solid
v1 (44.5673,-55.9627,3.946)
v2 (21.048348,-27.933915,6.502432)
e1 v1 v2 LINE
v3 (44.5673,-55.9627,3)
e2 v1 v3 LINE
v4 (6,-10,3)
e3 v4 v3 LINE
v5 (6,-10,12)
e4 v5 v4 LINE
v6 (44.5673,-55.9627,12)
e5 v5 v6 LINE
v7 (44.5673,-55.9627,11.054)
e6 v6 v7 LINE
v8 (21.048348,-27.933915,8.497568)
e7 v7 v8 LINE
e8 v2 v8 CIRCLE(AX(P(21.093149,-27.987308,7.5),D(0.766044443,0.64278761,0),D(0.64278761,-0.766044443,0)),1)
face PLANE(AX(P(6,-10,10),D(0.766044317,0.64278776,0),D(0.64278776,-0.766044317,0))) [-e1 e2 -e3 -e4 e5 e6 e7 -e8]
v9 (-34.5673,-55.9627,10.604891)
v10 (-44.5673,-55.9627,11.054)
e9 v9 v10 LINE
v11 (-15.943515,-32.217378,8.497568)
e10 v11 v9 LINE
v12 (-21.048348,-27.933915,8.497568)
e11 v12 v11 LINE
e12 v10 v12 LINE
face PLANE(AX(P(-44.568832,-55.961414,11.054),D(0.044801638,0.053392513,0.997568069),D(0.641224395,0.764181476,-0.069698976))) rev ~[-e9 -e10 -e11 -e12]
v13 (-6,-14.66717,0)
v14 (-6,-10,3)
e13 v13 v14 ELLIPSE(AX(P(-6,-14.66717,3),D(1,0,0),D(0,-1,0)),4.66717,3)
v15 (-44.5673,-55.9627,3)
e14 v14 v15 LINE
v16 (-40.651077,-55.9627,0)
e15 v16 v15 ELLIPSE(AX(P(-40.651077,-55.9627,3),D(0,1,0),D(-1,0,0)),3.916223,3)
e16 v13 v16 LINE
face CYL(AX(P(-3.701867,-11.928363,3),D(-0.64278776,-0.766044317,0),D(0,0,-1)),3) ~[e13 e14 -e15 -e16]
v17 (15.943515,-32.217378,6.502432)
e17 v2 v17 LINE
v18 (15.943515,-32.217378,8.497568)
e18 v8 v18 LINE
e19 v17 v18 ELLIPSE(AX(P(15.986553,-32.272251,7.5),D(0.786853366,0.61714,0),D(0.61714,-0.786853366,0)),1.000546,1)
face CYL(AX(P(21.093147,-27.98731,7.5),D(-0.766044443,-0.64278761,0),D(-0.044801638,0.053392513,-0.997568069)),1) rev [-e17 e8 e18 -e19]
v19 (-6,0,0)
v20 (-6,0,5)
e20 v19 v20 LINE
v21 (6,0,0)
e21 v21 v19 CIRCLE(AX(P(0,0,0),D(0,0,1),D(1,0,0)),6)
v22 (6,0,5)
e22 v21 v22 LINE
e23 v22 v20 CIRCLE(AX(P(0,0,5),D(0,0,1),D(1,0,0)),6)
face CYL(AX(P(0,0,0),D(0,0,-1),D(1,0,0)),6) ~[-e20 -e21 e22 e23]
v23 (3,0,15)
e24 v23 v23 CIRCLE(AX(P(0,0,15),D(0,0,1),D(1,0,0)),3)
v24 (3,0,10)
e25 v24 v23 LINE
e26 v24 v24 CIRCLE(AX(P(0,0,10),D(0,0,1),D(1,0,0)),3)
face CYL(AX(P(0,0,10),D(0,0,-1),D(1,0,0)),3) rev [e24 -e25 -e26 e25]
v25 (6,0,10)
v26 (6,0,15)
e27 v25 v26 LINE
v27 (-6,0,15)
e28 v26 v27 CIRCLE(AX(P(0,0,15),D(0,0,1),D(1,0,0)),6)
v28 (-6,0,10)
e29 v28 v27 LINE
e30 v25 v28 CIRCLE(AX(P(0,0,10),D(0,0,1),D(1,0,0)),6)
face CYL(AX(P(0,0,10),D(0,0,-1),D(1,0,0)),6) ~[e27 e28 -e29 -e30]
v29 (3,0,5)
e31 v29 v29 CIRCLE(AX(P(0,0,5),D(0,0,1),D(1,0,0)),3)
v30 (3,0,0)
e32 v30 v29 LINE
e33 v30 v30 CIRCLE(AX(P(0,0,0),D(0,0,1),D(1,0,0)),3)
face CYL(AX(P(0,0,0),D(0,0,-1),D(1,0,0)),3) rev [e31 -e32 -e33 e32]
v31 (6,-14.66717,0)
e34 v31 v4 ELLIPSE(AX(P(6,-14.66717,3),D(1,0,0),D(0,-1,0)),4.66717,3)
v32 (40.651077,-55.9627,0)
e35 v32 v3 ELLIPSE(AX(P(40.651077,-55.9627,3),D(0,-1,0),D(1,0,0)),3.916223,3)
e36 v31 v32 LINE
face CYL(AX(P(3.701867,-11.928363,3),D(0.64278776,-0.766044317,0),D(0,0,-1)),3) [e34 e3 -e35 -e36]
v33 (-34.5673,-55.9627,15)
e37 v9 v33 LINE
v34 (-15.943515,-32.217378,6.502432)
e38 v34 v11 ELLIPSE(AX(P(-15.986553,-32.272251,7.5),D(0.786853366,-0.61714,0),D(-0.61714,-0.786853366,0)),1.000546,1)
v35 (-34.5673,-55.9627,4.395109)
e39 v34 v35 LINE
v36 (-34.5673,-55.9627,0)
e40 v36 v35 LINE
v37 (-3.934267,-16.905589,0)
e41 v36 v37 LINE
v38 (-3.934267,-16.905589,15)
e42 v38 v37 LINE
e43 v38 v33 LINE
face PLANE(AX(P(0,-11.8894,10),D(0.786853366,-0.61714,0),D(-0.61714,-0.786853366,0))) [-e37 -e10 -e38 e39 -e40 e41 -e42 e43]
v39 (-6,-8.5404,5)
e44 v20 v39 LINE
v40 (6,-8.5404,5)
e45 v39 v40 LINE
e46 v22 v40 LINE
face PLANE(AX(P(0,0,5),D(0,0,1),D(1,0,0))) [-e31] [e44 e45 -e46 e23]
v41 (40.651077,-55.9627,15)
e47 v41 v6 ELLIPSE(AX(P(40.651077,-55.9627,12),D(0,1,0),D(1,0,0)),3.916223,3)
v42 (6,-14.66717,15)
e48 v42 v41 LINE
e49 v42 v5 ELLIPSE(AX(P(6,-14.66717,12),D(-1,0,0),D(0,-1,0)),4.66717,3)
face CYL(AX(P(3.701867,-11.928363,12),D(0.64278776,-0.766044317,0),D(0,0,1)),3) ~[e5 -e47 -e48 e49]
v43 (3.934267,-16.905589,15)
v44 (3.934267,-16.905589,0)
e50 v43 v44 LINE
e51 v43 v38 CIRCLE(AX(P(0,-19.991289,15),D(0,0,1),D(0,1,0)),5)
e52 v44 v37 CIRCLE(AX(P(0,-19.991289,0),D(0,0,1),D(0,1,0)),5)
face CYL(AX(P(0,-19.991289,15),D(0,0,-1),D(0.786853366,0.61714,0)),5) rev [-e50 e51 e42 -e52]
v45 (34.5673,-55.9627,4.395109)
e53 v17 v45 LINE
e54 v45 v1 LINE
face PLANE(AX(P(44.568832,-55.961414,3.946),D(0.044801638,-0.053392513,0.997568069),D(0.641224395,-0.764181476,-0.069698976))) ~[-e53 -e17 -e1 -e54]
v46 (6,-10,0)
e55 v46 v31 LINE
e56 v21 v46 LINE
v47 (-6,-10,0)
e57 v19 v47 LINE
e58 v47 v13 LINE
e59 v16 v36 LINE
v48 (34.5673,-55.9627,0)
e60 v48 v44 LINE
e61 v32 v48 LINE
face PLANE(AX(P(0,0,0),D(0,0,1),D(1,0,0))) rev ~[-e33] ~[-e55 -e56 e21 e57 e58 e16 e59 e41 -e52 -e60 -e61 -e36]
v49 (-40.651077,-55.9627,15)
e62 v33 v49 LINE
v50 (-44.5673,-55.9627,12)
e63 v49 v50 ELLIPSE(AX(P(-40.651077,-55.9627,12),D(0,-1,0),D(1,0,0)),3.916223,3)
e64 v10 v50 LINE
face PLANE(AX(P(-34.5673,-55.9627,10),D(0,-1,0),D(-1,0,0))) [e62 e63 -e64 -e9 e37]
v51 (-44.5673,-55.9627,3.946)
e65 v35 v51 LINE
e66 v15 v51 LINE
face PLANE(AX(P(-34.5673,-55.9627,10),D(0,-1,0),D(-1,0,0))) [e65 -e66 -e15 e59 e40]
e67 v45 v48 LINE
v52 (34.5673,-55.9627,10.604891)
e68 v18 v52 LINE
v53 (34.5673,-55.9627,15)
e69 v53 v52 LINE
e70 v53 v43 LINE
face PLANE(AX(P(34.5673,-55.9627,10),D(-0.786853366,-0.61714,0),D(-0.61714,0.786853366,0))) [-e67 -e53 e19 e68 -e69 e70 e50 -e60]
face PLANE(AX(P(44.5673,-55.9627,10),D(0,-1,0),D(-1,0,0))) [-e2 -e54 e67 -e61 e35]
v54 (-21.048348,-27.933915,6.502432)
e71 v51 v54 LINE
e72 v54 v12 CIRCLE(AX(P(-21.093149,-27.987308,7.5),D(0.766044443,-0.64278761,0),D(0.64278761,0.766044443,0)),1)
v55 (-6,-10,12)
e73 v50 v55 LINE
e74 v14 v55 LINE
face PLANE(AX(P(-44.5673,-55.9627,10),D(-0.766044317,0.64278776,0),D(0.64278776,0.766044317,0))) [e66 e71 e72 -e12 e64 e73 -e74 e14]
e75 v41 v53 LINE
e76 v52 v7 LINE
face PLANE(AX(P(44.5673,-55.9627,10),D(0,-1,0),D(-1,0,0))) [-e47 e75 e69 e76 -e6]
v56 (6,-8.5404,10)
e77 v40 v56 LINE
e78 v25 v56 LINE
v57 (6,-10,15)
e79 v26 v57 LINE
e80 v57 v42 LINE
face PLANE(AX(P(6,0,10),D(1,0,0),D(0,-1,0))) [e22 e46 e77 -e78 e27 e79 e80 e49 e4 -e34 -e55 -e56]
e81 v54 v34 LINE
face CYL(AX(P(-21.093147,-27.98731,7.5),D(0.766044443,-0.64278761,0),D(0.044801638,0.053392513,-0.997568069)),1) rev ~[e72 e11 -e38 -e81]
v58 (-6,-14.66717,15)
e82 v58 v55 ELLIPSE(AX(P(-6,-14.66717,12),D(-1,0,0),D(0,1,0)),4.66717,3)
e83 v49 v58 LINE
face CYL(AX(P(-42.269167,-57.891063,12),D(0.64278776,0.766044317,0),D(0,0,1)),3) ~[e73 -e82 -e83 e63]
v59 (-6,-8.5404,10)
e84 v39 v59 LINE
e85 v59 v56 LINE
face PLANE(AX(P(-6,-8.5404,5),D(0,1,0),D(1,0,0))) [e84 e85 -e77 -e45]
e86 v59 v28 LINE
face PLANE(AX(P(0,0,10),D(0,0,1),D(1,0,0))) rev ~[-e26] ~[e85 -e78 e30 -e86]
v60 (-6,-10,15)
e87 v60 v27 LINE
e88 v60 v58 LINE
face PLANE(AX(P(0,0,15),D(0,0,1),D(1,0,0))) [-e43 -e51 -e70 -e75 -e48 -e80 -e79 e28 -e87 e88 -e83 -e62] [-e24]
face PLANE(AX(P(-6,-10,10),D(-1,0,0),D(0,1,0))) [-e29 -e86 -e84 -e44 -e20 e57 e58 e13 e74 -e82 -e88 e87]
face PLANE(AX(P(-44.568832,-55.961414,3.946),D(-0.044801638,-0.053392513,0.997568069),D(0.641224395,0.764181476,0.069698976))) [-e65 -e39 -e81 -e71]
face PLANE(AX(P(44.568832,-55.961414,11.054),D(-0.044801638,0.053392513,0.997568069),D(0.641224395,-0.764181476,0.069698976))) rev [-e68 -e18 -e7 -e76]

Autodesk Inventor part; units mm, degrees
ref_plane "YZ Plane" through (0, 0, 0) normal (1, 0, 0) x (0, 1, 0)
ref_plane "XZ Plane" through (0, 0, 0) normal (0, 1, 0) x (-1, 0, 0)
ref_plane "XY Plane" through (0, 0, 0) normal (0, 0, 1) x (1, 0, 0)
sketch "Szkic1" plane through (0, 0, 0) normal (0, 0, 1) x (1, 0, 0)
  circle A0 centre (0, 0) radius 3
  arc A1 (6, 0) -> (-6, 0) centre (0, 0) ccw
  line L0 (-6, 0) -> (-6, -10)
  line L1 (6, 0) -> (6, -10)
  line L2 (6, -10) -> (44.5673, -55.9627)
  line L3 (44.5673, -55.9627) -> (34.5673, -55.9627)
  line L4 (34.5673, -55.9627) -> (0, -11.8894)
  line L5 (0, 0) -> (0, -6.4969) construction
  line L6 (-6, 0) -> (-6, -10)
  line L7 (-6, -10) -> (-44.5673, -55.9627)
  line L8 (-44.5673, -55.9627) -> (-34.5673, -55.9627)
  line L9 (-34.5673, -55.9627) -> (0, -11.8894)
  dimension "d0" = 6
  dimension "d1" = 12
  dimension "d2" = 10
  dimension "d3" = 10
  dimension "d4" = 60
  dimension "d5" = 140
  dimension "d6" = 10
extrude "Wyciągnięcie proste1" add sketch "Szkic1" along normal blind 5
sketch "Szkic2" plane through (0, 0, 5) normal (0, 0, 1) x (1, 0, 0)
  circle A0 centre (0, 0) radius 3 construction
  line L0 (-6, 0) -> (-6, -10) construction
  line L1 (-6, -10) -> (-44.5673, -55.9627) projected
  line L2 (-44.5673, -55.9627) -> (-34.5673, -55.9627) projected
  line L3 (-34.5673, -55.9627) -> (0, -11.8894) projected
  line L4 (0, -11.8894) -> (34.5673, -55.9627) projected
  line L5 (34.5673, -55.9627) -> (44.5673, -55.9627) projected
  line L6 (44.5673, -55.9627) -> (6, -10) projected
  line L7 (6, -10) -> (6, 0) construction
  arc A1 (6, 0) -> (-6, 0) centre (0, 0) ccw construction
  line L8 (-6, 0) -> (-6, -10) construction
  line L9 (-6, -8.5404) -> (6, -8.5404)
  line L10 (-6, -10) -> (-6, -8.5404)
  line L11 (6, -10) -> (6, -8.5404)
  line L12 (6, -10) -> (6, 0) projected
extrude "Wyciągnięcie proste2" add sketch "Szkic2" along normal blind 5
sketch "Szkic3" plane through (0, 0, 10) normal (0, 0, 1) x (1, 0, 0)
  circle A0 centre (0, 0) radius 3 projected
  line L0 (-6, -10) -> (-6, 0) projected
  arc A1 (6, 0) -> (-6, 0) centre (0, 0) ccw projected
  line L1 (6, 0) -> (6, -10) projected
  line L2 (6, -10) -> (44.5673, -55.9627) projected
  line L3 (44.5673, -55.9627) -> (34.5673, -55.9627) projected
  line L4 (34.5673, -55.9627) -> (0, -11.8894) projected
  line L5 (0, -11.8894) -> (-34.5673, -55.9627) projected
  line L6 (-34.5673, -55.9627) -> (-44.5673, -55.9627) projected
  line L7 (-44.5673, -55.9627) -> (-6, -10) projected
extrude "Wyciągnięcie proste3" add sketch "Szkic3" along normal blind 5
sketch "Szkic4" plane through (-44.5673, -55.9627, 0) normal (-0.766, 0.6428, 0) x (0, 0, 1)
  line L0 (0, 0) -> (15, 0) projected
  line L1 (11.054, 0) -> (7.5, 50.8667)
  line L2 (0, 50.8667) -> (15, 50.8667) projected
  line L3 (5, 61.1181) -> (10, 61.1181) construction
  line L4 (7.5, 61.1181) -> (7.5, 50.8667) construction
  line L5 (3.946, 0) -> (7.5, 50.8667)
  line L6 (3.946, 0) -> (11.054, 0)
  point P0 (0, 71.5172)
extrude "Wyciągnięcie proste4" cut sketch "Szkic4" against normal blind 25.75
mirror "Odbij1" about plane through (0, 0, 0) normal (1, 0, 0) of "Wyciągnięcie proste4"
fillet "Zaokrąglenie1" radius 5 1 edges at (0, -11.8894, 7.5)
fillet "Zaokrąglenie2" radius 1 1 edges at (9.4991, -18.9866, 7.5)
fillet "Zaokrąglenie3" radius 1 1 edges at (-9.4991, -18.9866, 7.5)
fillet "Zaokrąglenie4" radius 3 4 edges at (-25.2836, -32.9813, 0) (-25.2836, -32.9813, 15) (25.2836, -32.9813, 15) (25.2836, -32.9813, 0)
properties part number "noga"
